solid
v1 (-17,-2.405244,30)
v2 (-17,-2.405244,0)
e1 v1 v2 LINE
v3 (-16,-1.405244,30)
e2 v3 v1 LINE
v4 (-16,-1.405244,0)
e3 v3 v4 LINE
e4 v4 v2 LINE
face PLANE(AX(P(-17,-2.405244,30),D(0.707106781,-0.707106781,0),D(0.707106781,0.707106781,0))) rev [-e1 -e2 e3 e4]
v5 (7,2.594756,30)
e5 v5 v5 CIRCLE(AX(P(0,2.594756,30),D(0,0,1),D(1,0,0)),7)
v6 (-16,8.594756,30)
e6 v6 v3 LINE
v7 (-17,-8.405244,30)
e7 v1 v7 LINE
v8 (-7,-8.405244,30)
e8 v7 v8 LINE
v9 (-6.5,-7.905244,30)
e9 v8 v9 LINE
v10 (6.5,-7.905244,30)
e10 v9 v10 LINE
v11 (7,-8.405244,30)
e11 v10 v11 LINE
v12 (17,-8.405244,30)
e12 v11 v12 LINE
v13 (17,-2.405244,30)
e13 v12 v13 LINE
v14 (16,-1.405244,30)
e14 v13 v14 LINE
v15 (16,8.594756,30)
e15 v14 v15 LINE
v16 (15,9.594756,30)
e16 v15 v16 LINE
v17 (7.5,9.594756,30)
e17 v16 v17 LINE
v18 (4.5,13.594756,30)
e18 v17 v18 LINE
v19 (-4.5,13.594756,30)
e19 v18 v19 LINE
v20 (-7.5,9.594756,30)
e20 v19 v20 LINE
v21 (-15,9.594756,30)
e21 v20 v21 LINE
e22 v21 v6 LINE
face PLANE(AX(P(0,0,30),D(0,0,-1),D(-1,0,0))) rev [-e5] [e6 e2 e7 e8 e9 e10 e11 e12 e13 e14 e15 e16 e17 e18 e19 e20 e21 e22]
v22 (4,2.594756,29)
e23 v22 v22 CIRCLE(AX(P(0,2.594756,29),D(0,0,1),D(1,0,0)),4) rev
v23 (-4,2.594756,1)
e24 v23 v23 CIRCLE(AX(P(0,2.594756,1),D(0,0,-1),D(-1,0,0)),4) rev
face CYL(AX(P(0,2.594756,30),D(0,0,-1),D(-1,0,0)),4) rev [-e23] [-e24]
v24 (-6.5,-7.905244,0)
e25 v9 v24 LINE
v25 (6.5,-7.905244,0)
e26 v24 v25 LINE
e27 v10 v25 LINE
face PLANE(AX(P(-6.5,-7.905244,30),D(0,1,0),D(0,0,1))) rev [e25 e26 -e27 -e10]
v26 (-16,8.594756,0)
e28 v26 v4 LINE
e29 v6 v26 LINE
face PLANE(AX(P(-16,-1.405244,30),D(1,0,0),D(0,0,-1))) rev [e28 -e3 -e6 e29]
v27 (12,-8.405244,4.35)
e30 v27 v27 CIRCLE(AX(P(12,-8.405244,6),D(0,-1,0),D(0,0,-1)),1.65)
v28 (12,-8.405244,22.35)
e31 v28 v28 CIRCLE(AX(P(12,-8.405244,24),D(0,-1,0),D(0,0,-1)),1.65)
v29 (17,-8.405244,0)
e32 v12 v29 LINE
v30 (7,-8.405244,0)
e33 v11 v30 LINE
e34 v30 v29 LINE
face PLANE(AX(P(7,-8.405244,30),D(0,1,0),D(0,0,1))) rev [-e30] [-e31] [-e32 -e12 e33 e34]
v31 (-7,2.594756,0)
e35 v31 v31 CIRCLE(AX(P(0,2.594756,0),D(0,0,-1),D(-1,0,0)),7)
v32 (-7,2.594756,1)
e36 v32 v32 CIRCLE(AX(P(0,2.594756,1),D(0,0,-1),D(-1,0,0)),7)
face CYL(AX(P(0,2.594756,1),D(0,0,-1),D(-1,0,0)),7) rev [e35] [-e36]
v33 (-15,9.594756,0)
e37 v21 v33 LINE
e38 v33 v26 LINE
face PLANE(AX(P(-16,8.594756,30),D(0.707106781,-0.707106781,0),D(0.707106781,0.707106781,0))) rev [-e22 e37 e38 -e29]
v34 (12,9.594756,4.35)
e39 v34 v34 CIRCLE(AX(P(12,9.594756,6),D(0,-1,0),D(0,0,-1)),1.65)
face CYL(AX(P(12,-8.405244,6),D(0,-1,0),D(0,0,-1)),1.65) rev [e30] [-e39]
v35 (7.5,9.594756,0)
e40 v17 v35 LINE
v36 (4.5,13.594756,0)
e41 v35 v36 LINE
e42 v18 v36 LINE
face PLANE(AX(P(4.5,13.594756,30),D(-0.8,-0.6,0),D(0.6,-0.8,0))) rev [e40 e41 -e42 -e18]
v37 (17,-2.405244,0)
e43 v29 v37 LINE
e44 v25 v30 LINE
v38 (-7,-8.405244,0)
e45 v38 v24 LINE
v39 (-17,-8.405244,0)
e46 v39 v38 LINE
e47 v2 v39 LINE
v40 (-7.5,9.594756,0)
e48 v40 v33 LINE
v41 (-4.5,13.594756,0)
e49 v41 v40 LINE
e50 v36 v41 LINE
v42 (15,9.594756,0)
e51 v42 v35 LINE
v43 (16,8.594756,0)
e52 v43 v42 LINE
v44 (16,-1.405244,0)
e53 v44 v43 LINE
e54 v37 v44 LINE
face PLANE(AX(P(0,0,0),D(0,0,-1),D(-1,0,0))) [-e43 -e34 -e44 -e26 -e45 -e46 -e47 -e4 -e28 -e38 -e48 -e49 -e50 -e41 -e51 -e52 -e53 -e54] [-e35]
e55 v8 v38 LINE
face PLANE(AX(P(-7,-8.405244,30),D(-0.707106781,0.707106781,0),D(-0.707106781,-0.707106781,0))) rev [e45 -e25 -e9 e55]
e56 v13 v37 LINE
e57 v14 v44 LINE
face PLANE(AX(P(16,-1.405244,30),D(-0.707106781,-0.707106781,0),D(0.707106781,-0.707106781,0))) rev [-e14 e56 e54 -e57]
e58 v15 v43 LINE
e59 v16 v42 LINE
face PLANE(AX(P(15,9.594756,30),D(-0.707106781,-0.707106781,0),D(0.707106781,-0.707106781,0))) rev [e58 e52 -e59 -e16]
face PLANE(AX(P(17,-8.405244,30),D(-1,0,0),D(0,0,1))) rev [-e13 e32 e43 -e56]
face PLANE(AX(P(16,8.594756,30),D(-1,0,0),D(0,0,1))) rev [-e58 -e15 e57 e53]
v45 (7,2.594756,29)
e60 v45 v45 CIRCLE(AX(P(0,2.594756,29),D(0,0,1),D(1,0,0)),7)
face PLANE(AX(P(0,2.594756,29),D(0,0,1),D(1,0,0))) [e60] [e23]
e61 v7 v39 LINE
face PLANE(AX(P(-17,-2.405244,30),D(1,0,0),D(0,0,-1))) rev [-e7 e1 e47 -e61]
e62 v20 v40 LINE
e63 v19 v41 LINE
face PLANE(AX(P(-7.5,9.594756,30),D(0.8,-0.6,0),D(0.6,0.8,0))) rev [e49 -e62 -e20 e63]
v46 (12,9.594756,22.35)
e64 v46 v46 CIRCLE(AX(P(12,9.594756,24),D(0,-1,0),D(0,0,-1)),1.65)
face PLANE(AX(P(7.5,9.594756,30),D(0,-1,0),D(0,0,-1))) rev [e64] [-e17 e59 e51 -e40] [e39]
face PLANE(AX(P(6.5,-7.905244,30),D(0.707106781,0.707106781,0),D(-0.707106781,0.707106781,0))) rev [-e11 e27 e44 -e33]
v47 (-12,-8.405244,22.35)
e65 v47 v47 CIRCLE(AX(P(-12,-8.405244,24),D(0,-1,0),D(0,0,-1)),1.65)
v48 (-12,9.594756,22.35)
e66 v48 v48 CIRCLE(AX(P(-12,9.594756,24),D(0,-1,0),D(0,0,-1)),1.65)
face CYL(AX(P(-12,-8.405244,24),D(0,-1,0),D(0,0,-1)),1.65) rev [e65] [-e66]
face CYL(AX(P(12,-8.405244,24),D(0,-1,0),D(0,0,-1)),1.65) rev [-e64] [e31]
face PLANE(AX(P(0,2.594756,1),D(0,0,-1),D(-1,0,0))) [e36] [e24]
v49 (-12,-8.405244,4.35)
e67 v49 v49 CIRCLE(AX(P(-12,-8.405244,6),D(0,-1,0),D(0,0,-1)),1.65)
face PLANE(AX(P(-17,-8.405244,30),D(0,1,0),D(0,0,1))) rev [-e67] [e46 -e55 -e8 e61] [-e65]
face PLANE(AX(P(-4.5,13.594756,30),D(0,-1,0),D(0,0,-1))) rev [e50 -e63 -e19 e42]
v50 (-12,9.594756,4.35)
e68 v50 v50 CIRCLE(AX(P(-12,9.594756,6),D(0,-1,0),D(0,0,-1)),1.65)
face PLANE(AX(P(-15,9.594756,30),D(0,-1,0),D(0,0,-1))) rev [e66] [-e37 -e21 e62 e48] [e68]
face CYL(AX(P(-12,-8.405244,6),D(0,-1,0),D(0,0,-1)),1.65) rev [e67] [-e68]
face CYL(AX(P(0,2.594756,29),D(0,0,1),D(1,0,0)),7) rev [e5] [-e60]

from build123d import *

# Parameters (mm, degrees)
BOSS_EXTRUDE1_DEPTH         = 30
SKETCH2_R                   = 4
CUT_EXTRUDE1_DEPTH          = 31
SKETCH3_R                   = 7
CUT_EXTRUDE2_DEPTH          = 1
SKETCH4_R                   = 7
CUT_EXTRUDE3_DEPTH          = 1
TAP_DRILL_FOR_M4X0_7_TAP1_D = 3.3


with BuildPart() as part:
    # Sketch1 → Boss-Extrude1 (new body)
    with BuildSketch(Plane.XY):
        Polygon((-17, -2.405243596), (-17, -8.405243596), (-7, -8.405243596), (-6.5, -7.905243596), (6.5, -7.905243596), (7, -8.405243596), (17, -8.405243596), (17, -2.405243596), (16, -1.405243596), (16, 8.594756404), (15, 9.594756404), (7.5, 9.594756404), (4.5, 13.594756404), (-4.5, 13.594756404), (-7.5, 9.594756404), (-15, 9.594756404), (-16, 8.594756404), (-16, -1.405243596), align=None)
    extrude(amount=BOSS_EXTRUDE1_DEPTH)

    # Sketch2 → Cut-Extrude1 (cut, through all)
    with BuildSketch(Plane(origin=(0, 0, 0), x_dir=(-1, 0, 0), z_dir=(0, 0, -1))):
        with Locations((0, 2.594756404)):
            Circle(SKETCH2_R)
    extrude(amount=-CUT_EXTRUDE1_DEPTH, mode=Mode.SUBTRACT)

    # Sketch3 → Cut-Extrude2 (cut)
    with BuildSketch(Plane(origin=(0, 0, 0), x_dir=(-1, 0, 0), z_dir=(0, 0, -1))):
        with Locations((0, 2.594756404)):
            Circle(SKETCH3_R)
    extrude(amount=-CUT_EXTRUDE2_DEPTH, mode=Mode.SUBTRACT)

    # Sketch4 → Cut-Extrude3 (cut)
    with BuildSketch(Plane.XY.offset(30)):
        with Locations((0, 2.594756404)):
            Circle(SKETCH4_R)
    extrude(amount=-CUT_EXTRUDE3_DEPTH, mode=Mode.SUBTRACT)

    # Tap Drill for M4x0.7 Tap1 (through all)
    with Locations(Plane(origin=(0, -8.405243596, 0), x_dir=(-1, 0, 0), z_dir=(0, -1, 0))):
        with Locations((-12, -6), (12, -6), (12, -24), (-12, -24)):
            Hole(TAP_DRILL_FOR_M4X0_7_TAP1_D / 2)


solid = part.part
